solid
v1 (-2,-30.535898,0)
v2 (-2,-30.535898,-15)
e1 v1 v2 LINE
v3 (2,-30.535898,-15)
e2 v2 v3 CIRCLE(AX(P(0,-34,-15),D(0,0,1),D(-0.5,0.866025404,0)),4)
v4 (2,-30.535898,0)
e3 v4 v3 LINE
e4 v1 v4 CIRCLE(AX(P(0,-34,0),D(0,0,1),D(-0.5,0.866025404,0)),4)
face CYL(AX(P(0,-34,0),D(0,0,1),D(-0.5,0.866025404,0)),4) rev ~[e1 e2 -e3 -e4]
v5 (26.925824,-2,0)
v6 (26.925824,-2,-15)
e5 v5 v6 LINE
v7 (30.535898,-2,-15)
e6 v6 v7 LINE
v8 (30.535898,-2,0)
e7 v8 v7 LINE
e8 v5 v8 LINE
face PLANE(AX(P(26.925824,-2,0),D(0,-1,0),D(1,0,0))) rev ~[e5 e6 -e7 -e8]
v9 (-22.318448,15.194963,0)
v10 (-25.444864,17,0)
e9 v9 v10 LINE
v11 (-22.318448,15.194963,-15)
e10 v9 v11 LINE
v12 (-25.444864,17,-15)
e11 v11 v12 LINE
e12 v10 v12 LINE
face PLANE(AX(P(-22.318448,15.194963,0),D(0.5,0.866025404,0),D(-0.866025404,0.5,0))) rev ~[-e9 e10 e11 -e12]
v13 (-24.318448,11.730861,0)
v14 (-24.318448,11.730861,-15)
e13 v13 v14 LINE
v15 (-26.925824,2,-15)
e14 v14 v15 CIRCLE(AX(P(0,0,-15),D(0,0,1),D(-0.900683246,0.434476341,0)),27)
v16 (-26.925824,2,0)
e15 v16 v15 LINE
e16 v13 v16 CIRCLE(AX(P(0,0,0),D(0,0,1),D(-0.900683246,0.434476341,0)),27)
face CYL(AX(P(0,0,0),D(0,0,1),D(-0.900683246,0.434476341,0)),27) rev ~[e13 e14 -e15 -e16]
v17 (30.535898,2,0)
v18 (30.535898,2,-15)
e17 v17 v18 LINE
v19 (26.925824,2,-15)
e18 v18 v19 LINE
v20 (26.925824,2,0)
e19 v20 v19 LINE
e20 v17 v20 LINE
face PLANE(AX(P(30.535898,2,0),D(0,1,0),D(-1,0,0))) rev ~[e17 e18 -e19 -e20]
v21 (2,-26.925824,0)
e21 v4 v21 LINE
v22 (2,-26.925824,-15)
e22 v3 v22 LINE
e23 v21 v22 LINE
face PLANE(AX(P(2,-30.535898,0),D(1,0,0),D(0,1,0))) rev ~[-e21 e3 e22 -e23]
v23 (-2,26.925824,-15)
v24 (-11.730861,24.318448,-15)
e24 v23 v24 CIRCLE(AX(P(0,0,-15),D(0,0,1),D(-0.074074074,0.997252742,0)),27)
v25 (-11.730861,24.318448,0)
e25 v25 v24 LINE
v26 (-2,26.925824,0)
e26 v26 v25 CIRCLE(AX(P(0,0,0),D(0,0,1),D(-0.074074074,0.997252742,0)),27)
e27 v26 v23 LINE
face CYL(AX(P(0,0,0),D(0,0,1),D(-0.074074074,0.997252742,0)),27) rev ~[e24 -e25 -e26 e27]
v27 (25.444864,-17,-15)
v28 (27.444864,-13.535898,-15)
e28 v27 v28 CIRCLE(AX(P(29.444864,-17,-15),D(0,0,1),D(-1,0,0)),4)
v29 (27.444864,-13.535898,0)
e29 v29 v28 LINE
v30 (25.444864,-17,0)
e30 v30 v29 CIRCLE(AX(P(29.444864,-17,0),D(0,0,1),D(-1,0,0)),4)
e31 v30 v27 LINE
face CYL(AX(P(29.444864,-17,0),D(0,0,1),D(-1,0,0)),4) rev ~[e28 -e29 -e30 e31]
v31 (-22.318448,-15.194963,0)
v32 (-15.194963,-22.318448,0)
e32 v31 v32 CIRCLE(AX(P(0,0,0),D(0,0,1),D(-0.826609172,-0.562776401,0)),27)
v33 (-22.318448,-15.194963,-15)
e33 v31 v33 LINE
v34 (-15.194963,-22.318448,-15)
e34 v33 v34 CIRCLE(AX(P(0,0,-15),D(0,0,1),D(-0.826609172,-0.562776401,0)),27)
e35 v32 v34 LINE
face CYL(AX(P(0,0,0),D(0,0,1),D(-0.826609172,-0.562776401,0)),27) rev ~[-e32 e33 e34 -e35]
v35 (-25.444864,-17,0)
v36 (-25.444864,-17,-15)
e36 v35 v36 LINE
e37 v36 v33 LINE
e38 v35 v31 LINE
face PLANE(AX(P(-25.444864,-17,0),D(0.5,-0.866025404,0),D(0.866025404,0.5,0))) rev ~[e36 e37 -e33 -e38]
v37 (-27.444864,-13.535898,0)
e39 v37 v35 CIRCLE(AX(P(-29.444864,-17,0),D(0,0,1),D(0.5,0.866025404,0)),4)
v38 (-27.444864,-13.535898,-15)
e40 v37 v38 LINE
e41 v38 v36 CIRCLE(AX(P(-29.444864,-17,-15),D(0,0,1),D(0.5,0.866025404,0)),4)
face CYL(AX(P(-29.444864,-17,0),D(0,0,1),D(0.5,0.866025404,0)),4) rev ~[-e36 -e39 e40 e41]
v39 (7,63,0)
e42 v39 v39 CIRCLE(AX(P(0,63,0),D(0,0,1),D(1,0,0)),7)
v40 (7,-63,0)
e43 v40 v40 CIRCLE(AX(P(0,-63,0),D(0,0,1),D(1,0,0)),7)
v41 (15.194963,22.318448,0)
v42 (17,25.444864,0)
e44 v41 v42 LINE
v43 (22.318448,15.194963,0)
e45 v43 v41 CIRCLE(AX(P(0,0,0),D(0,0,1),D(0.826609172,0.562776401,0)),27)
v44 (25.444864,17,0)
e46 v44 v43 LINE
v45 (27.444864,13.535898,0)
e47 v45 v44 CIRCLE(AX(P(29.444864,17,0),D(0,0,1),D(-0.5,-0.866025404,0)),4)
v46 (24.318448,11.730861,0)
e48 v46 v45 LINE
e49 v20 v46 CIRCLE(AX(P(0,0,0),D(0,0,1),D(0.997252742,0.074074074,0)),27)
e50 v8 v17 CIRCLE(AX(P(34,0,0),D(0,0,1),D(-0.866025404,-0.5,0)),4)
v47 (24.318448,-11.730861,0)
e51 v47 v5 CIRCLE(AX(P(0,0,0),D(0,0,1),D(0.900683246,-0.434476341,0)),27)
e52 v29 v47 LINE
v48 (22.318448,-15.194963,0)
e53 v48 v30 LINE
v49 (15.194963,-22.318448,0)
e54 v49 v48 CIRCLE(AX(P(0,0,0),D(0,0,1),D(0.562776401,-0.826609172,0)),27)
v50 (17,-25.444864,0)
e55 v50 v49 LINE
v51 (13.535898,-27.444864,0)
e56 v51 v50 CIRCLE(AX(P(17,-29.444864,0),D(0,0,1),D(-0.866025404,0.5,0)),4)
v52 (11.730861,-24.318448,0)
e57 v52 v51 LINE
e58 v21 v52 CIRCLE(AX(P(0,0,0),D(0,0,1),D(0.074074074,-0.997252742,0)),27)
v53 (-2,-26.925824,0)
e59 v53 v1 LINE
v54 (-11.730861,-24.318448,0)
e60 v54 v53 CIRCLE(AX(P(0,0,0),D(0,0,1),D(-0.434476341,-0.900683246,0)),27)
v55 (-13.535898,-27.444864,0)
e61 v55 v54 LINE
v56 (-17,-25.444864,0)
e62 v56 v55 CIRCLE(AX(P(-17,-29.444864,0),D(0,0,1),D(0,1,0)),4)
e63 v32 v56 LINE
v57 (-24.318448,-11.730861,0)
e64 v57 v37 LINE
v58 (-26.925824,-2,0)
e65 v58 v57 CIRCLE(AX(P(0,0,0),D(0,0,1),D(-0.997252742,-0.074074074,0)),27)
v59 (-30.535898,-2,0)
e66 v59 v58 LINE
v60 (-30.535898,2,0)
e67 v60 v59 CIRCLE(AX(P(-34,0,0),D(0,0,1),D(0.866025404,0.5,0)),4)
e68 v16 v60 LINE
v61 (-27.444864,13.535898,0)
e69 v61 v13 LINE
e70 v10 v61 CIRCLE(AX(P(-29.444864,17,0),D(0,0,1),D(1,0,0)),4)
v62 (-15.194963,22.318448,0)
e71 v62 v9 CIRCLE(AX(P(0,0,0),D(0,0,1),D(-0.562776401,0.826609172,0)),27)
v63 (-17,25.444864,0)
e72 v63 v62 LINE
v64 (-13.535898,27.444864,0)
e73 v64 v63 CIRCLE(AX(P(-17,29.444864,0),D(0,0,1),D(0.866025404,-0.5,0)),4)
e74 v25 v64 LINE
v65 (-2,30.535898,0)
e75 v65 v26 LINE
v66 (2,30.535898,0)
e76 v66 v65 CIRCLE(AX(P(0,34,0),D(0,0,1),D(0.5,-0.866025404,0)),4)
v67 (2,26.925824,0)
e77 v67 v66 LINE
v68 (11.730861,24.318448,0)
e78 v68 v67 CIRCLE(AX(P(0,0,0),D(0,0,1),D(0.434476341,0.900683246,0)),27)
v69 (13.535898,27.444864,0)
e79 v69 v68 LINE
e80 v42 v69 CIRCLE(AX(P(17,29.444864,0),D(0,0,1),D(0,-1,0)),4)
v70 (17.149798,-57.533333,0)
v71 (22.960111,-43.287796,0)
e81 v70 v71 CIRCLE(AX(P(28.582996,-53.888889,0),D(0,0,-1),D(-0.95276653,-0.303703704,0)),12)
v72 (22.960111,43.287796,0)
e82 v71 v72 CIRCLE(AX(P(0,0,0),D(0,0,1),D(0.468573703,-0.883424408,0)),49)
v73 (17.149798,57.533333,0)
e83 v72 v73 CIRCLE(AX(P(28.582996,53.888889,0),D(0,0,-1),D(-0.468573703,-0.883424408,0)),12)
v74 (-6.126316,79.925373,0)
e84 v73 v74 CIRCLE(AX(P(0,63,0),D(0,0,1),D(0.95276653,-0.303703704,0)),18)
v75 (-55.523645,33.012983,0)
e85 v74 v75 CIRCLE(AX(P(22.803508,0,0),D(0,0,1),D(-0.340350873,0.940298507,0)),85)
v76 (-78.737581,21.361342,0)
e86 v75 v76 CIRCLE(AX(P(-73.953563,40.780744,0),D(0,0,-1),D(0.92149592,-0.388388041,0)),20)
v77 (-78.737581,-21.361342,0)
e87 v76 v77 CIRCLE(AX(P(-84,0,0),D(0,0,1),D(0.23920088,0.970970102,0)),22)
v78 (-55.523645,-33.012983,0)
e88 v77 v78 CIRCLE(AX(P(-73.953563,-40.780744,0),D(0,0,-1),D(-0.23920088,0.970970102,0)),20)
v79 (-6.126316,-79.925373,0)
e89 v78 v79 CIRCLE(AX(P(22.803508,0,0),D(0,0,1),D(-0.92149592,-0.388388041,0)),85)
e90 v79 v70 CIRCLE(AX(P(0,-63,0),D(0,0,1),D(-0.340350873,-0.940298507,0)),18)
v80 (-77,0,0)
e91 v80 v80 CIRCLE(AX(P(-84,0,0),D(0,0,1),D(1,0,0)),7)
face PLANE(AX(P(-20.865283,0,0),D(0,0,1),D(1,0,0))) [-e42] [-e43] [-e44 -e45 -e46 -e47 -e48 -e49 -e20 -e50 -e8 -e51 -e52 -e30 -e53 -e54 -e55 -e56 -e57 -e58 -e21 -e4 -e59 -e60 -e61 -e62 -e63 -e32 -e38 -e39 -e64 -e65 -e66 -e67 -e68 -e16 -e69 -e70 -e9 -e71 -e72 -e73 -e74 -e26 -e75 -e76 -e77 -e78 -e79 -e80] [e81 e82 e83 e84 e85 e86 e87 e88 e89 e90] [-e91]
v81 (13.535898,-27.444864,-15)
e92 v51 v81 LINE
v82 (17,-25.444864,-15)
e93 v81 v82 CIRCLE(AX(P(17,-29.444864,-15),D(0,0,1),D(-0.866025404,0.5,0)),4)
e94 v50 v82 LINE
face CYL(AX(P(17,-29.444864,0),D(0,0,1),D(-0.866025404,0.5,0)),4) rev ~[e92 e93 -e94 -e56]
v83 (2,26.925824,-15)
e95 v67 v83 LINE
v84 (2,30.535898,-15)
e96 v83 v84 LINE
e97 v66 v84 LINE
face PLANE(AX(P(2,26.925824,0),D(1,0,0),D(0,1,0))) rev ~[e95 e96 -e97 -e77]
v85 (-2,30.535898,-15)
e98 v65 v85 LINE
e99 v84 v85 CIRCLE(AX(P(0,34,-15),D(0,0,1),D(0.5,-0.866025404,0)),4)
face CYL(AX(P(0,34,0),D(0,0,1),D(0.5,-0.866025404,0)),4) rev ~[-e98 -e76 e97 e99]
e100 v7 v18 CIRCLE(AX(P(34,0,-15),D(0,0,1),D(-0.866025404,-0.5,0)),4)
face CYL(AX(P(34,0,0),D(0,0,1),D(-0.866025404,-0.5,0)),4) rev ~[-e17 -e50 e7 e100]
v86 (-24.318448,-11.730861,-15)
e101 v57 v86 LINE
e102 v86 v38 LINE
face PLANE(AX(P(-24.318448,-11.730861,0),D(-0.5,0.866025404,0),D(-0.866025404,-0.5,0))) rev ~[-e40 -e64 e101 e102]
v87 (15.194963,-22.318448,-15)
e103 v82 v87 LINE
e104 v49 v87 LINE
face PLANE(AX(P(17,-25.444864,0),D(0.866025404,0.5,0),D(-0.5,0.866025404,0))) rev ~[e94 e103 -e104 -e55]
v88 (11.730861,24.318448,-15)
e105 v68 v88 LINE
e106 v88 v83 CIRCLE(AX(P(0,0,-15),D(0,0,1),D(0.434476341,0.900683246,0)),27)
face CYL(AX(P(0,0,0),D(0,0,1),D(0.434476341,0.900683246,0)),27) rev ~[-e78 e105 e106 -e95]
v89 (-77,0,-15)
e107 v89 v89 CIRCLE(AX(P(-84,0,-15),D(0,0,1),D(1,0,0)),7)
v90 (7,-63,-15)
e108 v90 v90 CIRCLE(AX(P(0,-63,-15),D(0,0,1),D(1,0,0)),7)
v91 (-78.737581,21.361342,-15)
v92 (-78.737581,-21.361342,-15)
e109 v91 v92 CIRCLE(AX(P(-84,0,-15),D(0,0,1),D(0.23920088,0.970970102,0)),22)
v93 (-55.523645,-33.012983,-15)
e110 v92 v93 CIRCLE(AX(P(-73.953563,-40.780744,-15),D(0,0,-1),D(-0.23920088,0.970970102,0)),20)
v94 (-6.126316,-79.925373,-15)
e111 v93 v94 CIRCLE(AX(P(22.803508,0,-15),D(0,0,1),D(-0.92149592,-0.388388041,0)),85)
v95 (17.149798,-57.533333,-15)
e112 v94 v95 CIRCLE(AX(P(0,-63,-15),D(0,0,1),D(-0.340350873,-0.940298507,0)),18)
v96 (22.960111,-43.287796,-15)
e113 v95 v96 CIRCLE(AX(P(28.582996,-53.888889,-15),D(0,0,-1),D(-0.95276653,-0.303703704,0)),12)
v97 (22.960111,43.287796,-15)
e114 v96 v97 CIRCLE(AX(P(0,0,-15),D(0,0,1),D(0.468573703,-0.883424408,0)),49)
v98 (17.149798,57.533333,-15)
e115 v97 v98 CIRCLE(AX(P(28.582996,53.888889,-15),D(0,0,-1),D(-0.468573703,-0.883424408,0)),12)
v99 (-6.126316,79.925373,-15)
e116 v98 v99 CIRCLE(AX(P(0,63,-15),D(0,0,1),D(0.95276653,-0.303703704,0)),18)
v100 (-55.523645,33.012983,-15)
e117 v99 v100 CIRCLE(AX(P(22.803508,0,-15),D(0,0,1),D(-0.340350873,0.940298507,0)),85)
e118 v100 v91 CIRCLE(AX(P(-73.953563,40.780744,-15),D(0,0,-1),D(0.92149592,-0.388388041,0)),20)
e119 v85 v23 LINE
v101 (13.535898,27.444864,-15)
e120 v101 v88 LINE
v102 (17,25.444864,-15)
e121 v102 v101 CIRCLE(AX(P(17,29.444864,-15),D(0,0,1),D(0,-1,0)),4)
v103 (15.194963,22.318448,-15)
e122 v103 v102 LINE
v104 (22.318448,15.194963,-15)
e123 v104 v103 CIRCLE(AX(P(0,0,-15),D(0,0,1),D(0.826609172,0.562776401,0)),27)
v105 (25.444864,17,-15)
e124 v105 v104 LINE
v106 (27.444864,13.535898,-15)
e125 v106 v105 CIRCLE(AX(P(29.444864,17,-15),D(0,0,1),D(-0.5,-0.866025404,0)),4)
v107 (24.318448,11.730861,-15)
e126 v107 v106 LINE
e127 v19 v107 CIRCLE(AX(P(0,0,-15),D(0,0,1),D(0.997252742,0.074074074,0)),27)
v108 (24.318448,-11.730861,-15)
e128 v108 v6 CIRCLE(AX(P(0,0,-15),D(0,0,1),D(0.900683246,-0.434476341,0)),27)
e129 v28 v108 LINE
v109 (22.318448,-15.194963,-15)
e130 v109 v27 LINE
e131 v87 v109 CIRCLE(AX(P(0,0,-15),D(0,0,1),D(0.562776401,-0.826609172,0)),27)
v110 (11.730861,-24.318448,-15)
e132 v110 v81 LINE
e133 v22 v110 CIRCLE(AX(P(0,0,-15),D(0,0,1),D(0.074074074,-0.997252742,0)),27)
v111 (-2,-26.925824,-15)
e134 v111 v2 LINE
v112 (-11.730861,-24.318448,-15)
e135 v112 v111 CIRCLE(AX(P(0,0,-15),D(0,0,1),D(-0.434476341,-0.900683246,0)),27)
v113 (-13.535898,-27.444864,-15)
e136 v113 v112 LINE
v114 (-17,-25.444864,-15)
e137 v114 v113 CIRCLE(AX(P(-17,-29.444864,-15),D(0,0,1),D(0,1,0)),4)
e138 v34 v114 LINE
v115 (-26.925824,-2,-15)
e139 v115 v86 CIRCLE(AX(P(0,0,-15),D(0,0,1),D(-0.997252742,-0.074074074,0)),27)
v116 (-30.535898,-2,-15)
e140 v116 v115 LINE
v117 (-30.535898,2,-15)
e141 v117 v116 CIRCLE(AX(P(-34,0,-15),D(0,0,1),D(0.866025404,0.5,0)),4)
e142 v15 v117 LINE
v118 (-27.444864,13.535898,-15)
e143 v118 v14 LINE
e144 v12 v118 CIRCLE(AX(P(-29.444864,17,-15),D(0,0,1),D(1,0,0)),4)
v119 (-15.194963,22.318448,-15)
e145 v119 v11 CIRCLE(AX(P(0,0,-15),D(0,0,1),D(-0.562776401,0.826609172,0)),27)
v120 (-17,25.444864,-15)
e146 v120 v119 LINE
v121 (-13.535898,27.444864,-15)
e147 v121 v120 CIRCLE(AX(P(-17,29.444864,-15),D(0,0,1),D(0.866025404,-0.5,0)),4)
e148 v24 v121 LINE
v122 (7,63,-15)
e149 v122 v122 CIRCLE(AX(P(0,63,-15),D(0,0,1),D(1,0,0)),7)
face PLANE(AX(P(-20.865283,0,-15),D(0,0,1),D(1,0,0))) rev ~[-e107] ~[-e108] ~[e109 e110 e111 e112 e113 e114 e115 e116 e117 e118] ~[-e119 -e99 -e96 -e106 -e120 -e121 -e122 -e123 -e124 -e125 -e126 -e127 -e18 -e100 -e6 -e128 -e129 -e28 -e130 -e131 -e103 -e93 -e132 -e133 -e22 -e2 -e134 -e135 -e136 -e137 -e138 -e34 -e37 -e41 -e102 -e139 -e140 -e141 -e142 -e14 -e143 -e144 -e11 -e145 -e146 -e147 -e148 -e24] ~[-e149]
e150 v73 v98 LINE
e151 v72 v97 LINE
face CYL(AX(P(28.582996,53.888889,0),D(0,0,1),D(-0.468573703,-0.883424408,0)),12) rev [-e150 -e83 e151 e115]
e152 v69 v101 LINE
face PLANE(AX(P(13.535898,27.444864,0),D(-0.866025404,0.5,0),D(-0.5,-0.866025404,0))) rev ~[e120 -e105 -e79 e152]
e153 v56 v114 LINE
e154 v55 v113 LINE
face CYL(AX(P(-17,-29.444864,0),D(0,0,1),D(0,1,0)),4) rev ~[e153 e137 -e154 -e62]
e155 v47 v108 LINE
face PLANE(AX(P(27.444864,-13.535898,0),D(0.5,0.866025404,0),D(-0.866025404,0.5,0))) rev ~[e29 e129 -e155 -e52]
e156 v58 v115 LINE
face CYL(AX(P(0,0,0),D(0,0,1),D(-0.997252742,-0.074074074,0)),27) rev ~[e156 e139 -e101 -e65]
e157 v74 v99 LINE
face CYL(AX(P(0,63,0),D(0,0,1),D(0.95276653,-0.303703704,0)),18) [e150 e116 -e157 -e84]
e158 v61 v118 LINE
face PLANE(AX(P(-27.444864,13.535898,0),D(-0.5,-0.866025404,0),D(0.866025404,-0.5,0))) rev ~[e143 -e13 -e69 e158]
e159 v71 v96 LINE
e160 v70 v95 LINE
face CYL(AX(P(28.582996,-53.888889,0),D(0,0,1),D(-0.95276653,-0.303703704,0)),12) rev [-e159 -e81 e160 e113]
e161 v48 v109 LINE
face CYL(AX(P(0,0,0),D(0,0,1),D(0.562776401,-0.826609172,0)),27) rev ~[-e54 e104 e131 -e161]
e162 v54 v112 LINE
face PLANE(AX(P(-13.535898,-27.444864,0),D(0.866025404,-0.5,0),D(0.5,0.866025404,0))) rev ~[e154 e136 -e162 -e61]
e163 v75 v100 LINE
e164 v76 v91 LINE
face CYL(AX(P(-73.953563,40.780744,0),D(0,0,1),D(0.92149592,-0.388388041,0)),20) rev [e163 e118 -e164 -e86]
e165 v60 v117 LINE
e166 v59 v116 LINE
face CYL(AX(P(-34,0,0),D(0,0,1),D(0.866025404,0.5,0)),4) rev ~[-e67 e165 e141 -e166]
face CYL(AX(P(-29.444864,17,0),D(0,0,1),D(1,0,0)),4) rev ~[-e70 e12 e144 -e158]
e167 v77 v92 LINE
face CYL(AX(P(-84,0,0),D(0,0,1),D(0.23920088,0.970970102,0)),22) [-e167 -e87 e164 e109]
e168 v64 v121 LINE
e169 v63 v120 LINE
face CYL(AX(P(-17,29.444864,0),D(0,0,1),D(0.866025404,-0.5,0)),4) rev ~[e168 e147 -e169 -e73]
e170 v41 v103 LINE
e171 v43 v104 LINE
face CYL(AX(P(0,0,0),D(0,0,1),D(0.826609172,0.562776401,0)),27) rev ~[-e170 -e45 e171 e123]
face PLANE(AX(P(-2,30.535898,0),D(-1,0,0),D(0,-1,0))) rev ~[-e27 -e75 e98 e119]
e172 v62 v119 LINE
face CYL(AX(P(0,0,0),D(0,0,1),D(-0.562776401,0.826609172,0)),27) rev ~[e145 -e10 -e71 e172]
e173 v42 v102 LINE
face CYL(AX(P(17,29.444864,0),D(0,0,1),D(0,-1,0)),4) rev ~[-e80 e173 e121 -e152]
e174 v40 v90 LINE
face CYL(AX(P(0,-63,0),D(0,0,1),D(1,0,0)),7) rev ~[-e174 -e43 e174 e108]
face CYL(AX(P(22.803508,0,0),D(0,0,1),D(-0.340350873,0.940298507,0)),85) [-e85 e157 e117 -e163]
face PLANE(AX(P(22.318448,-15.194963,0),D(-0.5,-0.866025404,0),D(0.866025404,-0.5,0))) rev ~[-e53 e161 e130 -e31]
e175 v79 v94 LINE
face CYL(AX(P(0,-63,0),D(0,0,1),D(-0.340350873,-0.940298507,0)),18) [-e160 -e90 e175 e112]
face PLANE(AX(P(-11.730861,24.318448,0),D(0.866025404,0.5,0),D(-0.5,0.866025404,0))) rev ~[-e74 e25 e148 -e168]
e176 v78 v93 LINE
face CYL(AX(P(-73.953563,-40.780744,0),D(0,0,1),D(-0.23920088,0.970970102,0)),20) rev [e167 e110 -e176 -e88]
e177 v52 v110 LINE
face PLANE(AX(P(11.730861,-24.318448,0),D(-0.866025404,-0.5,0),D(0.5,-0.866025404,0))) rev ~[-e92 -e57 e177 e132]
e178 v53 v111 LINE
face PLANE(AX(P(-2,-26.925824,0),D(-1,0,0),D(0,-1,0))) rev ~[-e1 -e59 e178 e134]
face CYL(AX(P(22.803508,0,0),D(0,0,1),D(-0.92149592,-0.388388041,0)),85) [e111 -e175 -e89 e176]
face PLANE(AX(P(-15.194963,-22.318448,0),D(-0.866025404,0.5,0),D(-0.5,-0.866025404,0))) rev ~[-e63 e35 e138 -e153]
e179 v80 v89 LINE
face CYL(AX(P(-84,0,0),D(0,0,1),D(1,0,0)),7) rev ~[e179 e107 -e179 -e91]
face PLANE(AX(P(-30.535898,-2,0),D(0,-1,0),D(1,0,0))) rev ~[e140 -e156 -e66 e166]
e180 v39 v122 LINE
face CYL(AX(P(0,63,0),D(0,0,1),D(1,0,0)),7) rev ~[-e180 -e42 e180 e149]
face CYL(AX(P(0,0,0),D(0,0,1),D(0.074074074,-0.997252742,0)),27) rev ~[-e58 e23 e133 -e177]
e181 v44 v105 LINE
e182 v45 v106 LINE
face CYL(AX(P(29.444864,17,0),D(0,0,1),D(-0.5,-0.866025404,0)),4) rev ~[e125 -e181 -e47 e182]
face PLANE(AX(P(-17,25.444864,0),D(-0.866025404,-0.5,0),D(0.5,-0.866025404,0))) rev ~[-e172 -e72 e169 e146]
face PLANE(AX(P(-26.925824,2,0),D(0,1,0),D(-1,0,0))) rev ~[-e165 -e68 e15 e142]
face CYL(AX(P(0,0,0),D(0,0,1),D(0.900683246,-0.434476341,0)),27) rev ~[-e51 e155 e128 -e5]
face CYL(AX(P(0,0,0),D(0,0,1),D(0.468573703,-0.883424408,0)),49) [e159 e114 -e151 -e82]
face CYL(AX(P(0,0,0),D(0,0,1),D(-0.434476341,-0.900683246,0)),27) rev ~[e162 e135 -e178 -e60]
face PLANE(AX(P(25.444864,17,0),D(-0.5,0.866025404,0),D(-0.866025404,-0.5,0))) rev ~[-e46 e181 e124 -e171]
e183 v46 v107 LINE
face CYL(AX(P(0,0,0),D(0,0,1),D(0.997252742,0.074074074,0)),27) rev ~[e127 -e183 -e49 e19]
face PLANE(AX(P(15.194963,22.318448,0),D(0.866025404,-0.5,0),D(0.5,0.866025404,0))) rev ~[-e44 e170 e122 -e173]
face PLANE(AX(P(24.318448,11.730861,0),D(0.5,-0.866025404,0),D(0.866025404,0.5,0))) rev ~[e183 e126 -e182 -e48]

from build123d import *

# Parameters (mm, degrees)
SALIENTE_EXTRUIR1_DEPTH = 15
CROQUIS2_R              = 7
CORTAR_EXTRUIR1_DEPTH   = 135.246042772


with BuildPart() as part:
    # Croquis1 → Saliente-Extruir1 (new body)
    with BuildSketch(Plane.XY):
        with BuildLine():
            ThreePointArc((22.960111456, -43.287795993), (49, 0), (22.960111456, 43.287795993))
            ThreePointArc((22.960111456, 43.287795993), (17.471680778, 49.356927241), (17.149797537, 57.533333333))
            ThreePointArc((17.149797537, 57.533333333), (12.479188654, 75.97188693), (-6.126315717, 79.925373134))
            ThreePointArc((-6.126315717, 79.925373134), (-35.730309716, 61.63434209), (-55.523644659, 33.012983471))
            ThreePointArc((-55.523644659, 33.012983471), (-64.981782963, 22.905981014), (-78.737580645, 21.361342246))
            ThreePointArc((-78.737580645, 21.361342246), (-106, 0), (-78.737580645, -21.361342246))
            ThreePointArc((-78.737580645, -21.361342246), (-64.981782963, -22.905981014), (-55.523644659, -33.012983471))
            ThreePointArc((-55.523644659, -33.012983471), (-35.730309716, -61.63434209), (-6.126315717, -79.925373134))
            ThreePointArc((-6.126315717, -79.925373134), (12.479188654, -75.97188693), (17.149797537, -57.533333333))
            ThreePointArc((17.149797537, -57.533333333), (17.471680778, -49.356927241), (22.960111456, -43.287795993))
        make_face()
    extrude(amount=-SALIENTE_EXTRUIR1_DEPTH)

    # Croquis2 → Cortar-Extruir1 (cut, through all)
    with BuildSketch(Plane.XY):
        with Locations((0, 63)):
            Circle(CROQUIS2_R)
        with Locations((-84, 0)):
            Circle(CROQUIS2_R)
        with Locations((0, -63)):
            Circle(CROQUIS2_R)
        with BuildLine():
            Line((-2, 30.535898385), (-2, 26.925824036))
            ThreePointArc((-2, 26.925824036), (-6.988114218, 26.07999731), (-11.73086121, 24.318447633))
            Line((-11.73086121, 24.318447633), (-13.535898385, 27.444863729))
            ThreePointArc((-13.535898385, 27.444863729), (-19, 32.908965344), (-17, 25.444863729))
            Line((-17, 25.444863729), (-15.194962825, 22.318447633))
            ThreePointArc((-15.194962825, 22.318447633), (-19.091883092, 19.091883092), (-22.318447633, 15.194962825))
            Line((-22.318447633, 15.194962825), (-25.444863729, 17))
            ThreePointArc((-25.444863729, 17), (-32.908965344, 19), (-27.444863729, 13.535898385))
            Line((-27.444863729, 13.535898385), (-24.318447633, 11.73086121))
            ThreePointArc((-24.318447633, 11.73086121), (-26.07999731, 6.988114218), (-26.925824036, 2))
            Line((-26.925824036, 2), (-30.535898385, 2))
            ThreePointArc((-30.535898385, 2), (-38, 0), (-30.535898385, -2))
            Line((-30.535898385, -2), (-26.925824036, -2))
            ThreePointArc((-26.925824036, -2), (-26.07999731, -6.988114218), (-24.318447633, -11.73086121))
            Line((-24.318447633, -11.73086121), (-27.444863729, -13.535898385))
            ThreePointArc((-27.444863729, -13.535898385), (-32.908965344, -19), (-25.444863729, -17))
            Line((-25.444863729, -17), (-22.318447633, -15.194962825))
            ThreePointArc((-22.318447633, -15.194962825), (-19.091883092, -19.091883092), (-15.194962825, -22.318447633))
            Line((-15.194962825, -22.318447633), (-17, -25.444863729))
            ThreePointArc((-17, -25.444863729), (-19, -32.908965344), (-13.535898385, -27.444863729))
            Line((-13.535898385, -27.444863729), (-11.73086121, -24.318447633))
            ThreePointArc((-11.73086121, -24.318447633), (-6.988114218, -26.07999731), (-2, -26.925824036))
            Line((-2, -26.925824036), (-2, -30.535898385))
            ThreePointArc((-2, -30.535898385), (0, -38), (2, -30.535898385))
            Line((2, -30.535898385), (2, -26.925824036))
            ThreePointArc((2, -26.925824036), (6.988114218, -26.07999731), (11.73086121, -24.318447633))
            Line((11.73086121, -24.318447633), (13.535898385, -27.444863729))
            ThreePointArc((13.535898385, -27.444863729), (19, -32.908965344), (17, -25.444863729))
            Line((17, -25.444863729), (15.194962825, -22.318447633))
            ThreePointArc((15.194962825, -22.318447633), (19.091883092, -19.091883092), (22.318447633, -15.194962825))
            Line((22.318447633, -15.194962825), (25.444863729, -17))
            ThreePointArc((25.444863729, -17), (32.908965344, -19), (27.444863729, -13.535898385))
            Line((27.444863729, -13.535898385), (24.318447633, -11.73086121))
            ThreePointArc((24.318447633, -11.73086121), (26.07999731, -6.988114218), (26.925824036, -2))
            Line((26.925824036, -2), (30.535898385, -2))
            ThreePointArc((30.535898385, -2), (38, 0), (30.535898385, 2))
            Line((30.535898385, 2), (26.925824036, 2))
            ThreePointArc((26.925824036, 2), (26.07999731, 6.988114218), (24.318447633, 11.73086121))
            Line((24.318447633, 11.73086121), (27.444863729, 13.535898385))
            ThreePointArc((27.444863729, 13.535898385), (32.908965344, 19), (25.444863729, 17))
            Line((25.444863729, 17), (22.318447633, 15.194962825))
            ThreePointArc((22.318447633, 15.194962825), (19.091883092, 19.091883092), (15.194962825, 22.318447633))
            Line((15.194962825, 22.318447633), (17, 25.444863729))
            ThreePointArc((17, 25.444863729), (19, 32.908965344), (13.535898385, 27.444863729))
            Line((13.535898385, 27.444863729), (11.73086121, 24.318447633))
            ThreePointArc((11.73086121, 24.318447633), (6.988114218, 26.07999731), (2, 26.925824036))
            Line((2, 26.925824036), (2, 30.535898385))
            ThreePointArc((2, 30.535898385), (0, 38), (-2, 30.535898385))
        make_face()
    extrude(amount=-CORTAR_EXTRUIR1_DEPTH, mode=Mode.SUBTRACT)


solid = part.part
